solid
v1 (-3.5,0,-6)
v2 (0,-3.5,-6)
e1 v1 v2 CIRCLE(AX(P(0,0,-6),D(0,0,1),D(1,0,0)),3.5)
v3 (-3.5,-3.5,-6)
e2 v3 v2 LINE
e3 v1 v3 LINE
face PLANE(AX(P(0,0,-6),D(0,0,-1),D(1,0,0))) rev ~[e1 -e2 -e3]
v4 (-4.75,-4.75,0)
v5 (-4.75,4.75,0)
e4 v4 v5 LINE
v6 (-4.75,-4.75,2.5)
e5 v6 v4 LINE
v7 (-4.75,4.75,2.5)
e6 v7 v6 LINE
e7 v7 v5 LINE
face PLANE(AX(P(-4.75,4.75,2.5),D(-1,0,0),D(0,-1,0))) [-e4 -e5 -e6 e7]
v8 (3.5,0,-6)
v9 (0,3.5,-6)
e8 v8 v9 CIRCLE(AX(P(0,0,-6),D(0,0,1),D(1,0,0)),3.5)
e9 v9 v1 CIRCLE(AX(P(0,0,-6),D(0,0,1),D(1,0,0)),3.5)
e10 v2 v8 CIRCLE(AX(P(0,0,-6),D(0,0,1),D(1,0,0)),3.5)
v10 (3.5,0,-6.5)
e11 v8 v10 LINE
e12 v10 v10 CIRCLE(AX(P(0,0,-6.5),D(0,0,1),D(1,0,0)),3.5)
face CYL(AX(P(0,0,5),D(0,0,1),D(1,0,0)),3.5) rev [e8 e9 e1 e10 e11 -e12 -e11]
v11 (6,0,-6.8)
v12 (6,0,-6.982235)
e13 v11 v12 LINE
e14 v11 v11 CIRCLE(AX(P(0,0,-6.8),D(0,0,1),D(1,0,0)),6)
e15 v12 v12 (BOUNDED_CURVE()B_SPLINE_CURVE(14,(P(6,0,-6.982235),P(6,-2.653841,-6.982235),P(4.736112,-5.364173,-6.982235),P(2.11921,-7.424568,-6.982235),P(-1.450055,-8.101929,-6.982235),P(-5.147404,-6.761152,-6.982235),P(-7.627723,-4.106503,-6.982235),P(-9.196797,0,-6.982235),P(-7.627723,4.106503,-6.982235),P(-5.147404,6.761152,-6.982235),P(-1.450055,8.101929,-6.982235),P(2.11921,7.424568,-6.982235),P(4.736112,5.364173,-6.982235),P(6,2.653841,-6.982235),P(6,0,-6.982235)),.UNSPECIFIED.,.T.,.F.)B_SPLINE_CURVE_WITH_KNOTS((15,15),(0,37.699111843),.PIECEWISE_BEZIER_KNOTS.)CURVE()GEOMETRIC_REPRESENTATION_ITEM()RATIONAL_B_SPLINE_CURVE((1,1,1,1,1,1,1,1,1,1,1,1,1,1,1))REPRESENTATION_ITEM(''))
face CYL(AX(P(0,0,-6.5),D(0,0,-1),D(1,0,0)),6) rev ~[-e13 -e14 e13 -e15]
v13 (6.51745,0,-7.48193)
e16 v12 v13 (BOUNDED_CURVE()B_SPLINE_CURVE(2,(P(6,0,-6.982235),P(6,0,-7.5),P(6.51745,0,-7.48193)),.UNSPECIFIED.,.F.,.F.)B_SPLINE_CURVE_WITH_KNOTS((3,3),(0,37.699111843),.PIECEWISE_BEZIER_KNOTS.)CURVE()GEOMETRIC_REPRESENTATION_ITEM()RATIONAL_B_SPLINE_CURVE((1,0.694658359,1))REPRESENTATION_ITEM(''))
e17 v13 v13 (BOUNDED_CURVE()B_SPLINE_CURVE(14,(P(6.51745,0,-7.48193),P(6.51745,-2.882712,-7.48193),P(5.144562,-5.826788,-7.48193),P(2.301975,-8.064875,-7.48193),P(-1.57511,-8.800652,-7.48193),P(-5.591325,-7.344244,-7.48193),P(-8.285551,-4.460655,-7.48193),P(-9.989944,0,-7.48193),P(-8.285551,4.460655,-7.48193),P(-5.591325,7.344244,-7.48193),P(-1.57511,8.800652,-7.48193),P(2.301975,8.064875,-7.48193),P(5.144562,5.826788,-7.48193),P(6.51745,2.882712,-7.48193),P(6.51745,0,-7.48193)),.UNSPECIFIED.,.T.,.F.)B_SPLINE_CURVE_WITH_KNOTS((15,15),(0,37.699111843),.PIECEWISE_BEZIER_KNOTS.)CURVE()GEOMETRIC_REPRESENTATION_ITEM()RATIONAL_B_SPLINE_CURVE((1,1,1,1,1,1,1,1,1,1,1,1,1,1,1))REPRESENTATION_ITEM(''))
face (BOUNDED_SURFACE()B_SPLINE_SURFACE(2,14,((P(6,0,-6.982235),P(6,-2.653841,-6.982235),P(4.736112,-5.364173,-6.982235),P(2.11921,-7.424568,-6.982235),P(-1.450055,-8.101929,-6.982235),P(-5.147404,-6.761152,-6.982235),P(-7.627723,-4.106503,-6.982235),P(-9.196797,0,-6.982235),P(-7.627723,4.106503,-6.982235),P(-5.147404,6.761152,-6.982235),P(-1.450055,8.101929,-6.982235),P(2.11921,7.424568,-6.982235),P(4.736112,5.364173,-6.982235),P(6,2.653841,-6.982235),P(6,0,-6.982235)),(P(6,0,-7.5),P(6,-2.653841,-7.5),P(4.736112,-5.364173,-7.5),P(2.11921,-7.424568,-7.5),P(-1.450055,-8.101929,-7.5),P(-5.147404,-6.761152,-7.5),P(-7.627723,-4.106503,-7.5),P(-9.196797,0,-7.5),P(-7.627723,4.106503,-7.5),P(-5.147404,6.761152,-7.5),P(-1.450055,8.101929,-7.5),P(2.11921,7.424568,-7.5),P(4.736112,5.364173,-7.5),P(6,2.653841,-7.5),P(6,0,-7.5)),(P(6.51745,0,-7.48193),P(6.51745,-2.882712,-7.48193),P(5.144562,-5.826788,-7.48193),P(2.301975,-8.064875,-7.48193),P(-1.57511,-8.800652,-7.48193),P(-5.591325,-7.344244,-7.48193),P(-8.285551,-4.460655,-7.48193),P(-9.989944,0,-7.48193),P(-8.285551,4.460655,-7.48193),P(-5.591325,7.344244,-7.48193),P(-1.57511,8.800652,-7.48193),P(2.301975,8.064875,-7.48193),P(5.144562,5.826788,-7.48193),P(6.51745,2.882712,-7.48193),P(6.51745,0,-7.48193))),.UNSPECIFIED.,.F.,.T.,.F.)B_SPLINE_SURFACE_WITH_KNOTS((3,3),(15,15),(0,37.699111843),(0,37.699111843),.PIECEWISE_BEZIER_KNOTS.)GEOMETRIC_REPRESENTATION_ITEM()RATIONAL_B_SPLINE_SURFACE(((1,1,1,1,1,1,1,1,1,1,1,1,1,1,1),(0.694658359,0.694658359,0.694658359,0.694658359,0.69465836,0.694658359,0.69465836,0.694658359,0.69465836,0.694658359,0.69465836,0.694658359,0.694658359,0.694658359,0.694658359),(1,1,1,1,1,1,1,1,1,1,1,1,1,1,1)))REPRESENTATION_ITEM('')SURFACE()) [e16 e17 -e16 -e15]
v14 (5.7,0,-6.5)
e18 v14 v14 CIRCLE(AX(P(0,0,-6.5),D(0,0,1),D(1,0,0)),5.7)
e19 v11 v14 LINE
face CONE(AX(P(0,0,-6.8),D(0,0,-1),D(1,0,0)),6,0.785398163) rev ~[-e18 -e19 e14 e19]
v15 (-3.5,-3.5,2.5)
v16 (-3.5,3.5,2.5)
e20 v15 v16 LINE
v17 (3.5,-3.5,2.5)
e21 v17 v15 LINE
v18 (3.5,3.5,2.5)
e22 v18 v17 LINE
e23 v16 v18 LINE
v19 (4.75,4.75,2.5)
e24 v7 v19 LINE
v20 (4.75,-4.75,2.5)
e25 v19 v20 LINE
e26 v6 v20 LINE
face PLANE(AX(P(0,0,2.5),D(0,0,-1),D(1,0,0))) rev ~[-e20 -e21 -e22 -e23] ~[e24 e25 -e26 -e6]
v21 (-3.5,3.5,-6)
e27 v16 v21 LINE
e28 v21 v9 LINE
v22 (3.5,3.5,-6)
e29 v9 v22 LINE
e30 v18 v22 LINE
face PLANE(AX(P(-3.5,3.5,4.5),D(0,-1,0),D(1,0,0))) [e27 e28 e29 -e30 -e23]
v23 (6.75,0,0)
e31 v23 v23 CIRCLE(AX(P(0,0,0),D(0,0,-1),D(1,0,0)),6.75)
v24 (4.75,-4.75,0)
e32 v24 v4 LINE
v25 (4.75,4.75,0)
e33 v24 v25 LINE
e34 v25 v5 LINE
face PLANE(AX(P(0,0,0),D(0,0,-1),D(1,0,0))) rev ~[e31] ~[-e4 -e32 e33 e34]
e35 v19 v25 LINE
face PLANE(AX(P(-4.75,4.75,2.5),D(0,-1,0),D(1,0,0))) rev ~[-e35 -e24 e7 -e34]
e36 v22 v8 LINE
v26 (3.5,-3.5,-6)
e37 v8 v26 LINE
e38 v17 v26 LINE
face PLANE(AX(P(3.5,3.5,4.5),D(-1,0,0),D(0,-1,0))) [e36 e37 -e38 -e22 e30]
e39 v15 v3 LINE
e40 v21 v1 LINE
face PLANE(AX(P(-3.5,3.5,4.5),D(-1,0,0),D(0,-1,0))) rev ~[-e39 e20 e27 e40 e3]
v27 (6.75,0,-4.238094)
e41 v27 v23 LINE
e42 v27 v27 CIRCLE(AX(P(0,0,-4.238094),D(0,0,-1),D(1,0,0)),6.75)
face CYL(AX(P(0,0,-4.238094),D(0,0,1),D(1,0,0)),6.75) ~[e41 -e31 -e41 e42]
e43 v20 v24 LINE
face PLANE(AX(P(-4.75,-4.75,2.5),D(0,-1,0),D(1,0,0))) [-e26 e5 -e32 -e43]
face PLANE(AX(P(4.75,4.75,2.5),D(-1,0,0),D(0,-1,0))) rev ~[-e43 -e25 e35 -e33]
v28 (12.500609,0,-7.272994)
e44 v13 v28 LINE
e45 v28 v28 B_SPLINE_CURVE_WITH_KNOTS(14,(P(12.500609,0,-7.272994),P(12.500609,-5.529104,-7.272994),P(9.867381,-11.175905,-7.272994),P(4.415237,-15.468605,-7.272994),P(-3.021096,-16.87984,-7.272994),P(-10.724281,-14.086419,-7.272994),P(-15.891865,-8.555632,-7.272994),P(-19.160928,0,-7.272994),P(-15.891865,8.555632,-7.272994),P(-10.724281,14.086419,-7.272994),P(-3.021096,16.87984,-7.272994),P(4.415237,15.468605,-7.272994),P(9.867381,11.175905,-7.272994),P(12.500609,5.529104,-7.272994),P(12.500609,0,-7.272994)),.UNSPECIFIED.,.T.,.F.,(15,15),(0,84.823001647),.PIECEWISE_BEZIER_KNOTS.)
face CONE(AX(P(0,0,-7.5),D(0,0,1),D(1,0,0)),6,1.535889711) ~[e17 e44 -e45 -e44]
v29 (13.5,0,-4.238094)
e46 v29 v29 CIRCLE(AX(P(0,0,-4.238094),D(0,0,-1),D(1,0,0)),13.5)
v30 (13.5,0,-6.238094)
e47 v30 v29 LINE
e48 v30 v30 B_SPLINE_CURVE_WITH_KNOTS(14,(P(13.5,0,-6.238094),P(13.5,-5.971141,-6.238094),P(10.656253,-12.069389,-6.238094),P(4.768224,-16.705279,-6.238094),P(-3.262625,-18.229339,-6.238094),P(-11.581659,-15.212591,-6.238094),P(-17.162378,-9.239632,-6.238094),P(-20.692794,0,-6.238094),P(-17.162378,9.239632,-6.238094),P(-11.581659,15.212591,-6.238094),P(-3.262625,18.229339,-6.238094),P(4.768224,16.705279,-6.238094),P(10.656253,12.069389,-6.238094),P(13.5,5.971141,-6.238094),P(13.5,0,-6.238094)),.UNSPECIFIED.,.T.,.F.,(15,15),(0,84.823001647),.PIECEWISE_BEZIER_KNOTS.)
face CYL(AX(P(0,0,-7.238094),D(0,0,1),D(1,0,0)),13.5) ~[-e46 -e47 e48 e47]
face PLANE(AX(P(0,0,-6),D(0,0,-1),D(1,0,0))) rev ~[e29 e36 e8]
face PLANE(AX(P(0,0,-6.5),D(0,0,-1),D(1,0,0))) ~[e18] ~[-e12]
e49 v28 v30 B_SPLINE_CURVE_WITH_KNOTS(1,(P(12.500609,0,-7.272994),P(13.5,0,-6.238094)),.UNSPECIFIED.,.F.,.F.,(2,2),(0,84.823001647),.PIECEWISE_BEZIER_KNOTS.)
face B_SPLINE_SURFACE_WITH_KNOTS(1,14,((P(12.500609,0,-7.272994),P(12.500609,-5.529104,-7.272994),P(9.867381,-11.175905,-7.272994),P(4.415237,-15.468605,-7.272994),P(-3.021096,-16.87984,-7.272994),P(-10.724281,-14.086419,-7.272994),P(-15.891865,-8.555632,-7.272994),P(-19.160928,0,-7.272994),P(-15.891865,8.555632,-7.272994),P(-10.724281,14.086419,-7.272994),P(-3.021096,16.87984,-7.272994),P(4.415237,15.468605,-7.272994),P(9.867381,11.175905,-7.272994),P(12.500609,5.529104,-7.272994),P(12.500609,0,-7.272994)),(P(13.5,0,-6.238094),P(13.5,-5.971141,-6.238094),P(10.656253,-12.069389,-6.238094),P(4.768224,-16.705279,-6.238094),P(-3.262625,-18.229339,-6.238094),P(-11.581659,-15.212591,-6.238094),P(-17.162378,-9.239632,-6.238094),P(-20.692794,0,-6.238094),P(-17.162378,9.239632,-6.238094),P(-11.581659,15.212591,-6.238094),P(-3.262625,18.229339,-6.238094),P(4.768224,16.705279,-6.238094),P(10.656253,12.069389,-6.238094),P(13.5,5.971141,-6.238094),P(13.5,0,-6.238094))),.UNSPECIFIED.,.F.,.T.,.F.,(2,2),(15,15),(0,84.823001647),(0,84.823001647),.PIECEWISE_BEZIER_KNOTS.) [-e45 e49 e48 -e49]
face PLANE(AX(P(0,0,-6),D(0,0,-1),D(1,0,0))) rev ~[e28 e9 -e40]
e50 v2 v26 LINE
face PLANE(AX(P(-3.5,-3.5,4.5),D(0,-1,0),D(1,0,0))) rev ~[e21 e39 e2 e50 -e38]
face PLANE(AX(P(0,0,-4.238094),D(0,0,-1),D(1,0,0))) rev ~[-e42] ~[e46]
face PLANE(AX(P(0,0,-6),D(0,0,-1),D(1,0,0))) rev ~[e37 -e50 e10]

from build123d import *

# Parameters (mm, degrees)
CYLINDER_R                 = 3.5
CYLINDER_DEPTH             = 13
BOX001_W                   = 7
BOX001_H                   = 7
BOX001_DEPTH               = 10.5
BOX_W                      = 9.5
BOX_H                      = 9.5
BOX_DEPTH                  = 9
CHAMFER_SIZE               = 0.3
FILLET_R                   = 0.5
CHAMFER001_SIZE            = 1
CHAMFER001_PLACEMENT_ANGLE = 180


with BuildPart() as cilindro:
    # Cylinder → Cylinder (new body)
    with BuildSketch(Plane.XY.offset(-5)):
        Circle(CYLINDER_R)
    extrude(amount=CYLINDER_DEPTH)


with BuildPart() as cubo001:
    # Box001 → Box001 (new body)
    with BuildSketch(Plane(origin=(-3.5, -3.5, -4.5), x_dir=(1, 0, 0), z_dir=(0, 0, 1))):
        with Locations((3.5, 3.5)):
            Rectangle(BOX001_W, BOX001_H)
    extrude(amount=BOX001_DEPTH)


with BuildPart() as cubo:
    # Box → Box (new body)
    with BuildSketch(Plane(origin=(-4.75, -4.75, -2.5), x_dir=(1, 0, 0), z_dir=(0, 0, 1))):
        with Locations((4.75, 4.75)):
            Rectangle(BOX_W, BOX_H)
    extrude(amount=BOX_DEPTH)


with BuildPart() as chamfer001:
    # Sketch → Revolution (revolve)
    with BuildSketch(Plane.XZ):
        Polygon((0, 0), (0, 6.5), (6, 6.5), (6, 7.5), (13.5, 7.238094), (13.5, 4.238094), (6.75, 4.238094), (6.75, 0), align=None)
    revolve(axis=Axis((0, 0, 0), (0, 0, 1)))

    # Fusion: union Cubo
    add(cubo.part)

    # Cut: cut Cubo001
    add(cubo001.part, mode=Mode.SUBTRACT)

    # Cut001: cut Cilindro
    add(cilindro.part, mode=Mode.SUBTRACT)

    # Chamfer
    chamfer_edges = [chamfer001.edges().sort_by_distance(p)[0] for p in [
        (5.678908, 1.936492, 6.5),
    ]]
    chamfer(chamfer_edges, length=CHAMFER_SIZE)

    # Fillet
    fillet_edges = [chamfer001.edges().sort_by_distance(p)[0] for p in [
        (-6, 0, 7.5),
    ]]
    fillet(fillet_edges, radius=FILLET_R)

    # Chamfer001
    chamfer001_edges = [chamfer001.edges().sort_by_distance(p)[0] for p in [
        (-13.5, 0, 7.238094),
    ]]
    chamfer(chamfer001_edges, length=CHAMFER001_SIZE)


with BuildPart() as chamfer001_1:
    # Chamfer001 placement: moved
    add(chamfer001.part.rotate(Axis((0, 0, 0), (1, 0, 0)), CHAMFER001_PLACEMENT_ANGLE))


solid = chamfer001_1.part
